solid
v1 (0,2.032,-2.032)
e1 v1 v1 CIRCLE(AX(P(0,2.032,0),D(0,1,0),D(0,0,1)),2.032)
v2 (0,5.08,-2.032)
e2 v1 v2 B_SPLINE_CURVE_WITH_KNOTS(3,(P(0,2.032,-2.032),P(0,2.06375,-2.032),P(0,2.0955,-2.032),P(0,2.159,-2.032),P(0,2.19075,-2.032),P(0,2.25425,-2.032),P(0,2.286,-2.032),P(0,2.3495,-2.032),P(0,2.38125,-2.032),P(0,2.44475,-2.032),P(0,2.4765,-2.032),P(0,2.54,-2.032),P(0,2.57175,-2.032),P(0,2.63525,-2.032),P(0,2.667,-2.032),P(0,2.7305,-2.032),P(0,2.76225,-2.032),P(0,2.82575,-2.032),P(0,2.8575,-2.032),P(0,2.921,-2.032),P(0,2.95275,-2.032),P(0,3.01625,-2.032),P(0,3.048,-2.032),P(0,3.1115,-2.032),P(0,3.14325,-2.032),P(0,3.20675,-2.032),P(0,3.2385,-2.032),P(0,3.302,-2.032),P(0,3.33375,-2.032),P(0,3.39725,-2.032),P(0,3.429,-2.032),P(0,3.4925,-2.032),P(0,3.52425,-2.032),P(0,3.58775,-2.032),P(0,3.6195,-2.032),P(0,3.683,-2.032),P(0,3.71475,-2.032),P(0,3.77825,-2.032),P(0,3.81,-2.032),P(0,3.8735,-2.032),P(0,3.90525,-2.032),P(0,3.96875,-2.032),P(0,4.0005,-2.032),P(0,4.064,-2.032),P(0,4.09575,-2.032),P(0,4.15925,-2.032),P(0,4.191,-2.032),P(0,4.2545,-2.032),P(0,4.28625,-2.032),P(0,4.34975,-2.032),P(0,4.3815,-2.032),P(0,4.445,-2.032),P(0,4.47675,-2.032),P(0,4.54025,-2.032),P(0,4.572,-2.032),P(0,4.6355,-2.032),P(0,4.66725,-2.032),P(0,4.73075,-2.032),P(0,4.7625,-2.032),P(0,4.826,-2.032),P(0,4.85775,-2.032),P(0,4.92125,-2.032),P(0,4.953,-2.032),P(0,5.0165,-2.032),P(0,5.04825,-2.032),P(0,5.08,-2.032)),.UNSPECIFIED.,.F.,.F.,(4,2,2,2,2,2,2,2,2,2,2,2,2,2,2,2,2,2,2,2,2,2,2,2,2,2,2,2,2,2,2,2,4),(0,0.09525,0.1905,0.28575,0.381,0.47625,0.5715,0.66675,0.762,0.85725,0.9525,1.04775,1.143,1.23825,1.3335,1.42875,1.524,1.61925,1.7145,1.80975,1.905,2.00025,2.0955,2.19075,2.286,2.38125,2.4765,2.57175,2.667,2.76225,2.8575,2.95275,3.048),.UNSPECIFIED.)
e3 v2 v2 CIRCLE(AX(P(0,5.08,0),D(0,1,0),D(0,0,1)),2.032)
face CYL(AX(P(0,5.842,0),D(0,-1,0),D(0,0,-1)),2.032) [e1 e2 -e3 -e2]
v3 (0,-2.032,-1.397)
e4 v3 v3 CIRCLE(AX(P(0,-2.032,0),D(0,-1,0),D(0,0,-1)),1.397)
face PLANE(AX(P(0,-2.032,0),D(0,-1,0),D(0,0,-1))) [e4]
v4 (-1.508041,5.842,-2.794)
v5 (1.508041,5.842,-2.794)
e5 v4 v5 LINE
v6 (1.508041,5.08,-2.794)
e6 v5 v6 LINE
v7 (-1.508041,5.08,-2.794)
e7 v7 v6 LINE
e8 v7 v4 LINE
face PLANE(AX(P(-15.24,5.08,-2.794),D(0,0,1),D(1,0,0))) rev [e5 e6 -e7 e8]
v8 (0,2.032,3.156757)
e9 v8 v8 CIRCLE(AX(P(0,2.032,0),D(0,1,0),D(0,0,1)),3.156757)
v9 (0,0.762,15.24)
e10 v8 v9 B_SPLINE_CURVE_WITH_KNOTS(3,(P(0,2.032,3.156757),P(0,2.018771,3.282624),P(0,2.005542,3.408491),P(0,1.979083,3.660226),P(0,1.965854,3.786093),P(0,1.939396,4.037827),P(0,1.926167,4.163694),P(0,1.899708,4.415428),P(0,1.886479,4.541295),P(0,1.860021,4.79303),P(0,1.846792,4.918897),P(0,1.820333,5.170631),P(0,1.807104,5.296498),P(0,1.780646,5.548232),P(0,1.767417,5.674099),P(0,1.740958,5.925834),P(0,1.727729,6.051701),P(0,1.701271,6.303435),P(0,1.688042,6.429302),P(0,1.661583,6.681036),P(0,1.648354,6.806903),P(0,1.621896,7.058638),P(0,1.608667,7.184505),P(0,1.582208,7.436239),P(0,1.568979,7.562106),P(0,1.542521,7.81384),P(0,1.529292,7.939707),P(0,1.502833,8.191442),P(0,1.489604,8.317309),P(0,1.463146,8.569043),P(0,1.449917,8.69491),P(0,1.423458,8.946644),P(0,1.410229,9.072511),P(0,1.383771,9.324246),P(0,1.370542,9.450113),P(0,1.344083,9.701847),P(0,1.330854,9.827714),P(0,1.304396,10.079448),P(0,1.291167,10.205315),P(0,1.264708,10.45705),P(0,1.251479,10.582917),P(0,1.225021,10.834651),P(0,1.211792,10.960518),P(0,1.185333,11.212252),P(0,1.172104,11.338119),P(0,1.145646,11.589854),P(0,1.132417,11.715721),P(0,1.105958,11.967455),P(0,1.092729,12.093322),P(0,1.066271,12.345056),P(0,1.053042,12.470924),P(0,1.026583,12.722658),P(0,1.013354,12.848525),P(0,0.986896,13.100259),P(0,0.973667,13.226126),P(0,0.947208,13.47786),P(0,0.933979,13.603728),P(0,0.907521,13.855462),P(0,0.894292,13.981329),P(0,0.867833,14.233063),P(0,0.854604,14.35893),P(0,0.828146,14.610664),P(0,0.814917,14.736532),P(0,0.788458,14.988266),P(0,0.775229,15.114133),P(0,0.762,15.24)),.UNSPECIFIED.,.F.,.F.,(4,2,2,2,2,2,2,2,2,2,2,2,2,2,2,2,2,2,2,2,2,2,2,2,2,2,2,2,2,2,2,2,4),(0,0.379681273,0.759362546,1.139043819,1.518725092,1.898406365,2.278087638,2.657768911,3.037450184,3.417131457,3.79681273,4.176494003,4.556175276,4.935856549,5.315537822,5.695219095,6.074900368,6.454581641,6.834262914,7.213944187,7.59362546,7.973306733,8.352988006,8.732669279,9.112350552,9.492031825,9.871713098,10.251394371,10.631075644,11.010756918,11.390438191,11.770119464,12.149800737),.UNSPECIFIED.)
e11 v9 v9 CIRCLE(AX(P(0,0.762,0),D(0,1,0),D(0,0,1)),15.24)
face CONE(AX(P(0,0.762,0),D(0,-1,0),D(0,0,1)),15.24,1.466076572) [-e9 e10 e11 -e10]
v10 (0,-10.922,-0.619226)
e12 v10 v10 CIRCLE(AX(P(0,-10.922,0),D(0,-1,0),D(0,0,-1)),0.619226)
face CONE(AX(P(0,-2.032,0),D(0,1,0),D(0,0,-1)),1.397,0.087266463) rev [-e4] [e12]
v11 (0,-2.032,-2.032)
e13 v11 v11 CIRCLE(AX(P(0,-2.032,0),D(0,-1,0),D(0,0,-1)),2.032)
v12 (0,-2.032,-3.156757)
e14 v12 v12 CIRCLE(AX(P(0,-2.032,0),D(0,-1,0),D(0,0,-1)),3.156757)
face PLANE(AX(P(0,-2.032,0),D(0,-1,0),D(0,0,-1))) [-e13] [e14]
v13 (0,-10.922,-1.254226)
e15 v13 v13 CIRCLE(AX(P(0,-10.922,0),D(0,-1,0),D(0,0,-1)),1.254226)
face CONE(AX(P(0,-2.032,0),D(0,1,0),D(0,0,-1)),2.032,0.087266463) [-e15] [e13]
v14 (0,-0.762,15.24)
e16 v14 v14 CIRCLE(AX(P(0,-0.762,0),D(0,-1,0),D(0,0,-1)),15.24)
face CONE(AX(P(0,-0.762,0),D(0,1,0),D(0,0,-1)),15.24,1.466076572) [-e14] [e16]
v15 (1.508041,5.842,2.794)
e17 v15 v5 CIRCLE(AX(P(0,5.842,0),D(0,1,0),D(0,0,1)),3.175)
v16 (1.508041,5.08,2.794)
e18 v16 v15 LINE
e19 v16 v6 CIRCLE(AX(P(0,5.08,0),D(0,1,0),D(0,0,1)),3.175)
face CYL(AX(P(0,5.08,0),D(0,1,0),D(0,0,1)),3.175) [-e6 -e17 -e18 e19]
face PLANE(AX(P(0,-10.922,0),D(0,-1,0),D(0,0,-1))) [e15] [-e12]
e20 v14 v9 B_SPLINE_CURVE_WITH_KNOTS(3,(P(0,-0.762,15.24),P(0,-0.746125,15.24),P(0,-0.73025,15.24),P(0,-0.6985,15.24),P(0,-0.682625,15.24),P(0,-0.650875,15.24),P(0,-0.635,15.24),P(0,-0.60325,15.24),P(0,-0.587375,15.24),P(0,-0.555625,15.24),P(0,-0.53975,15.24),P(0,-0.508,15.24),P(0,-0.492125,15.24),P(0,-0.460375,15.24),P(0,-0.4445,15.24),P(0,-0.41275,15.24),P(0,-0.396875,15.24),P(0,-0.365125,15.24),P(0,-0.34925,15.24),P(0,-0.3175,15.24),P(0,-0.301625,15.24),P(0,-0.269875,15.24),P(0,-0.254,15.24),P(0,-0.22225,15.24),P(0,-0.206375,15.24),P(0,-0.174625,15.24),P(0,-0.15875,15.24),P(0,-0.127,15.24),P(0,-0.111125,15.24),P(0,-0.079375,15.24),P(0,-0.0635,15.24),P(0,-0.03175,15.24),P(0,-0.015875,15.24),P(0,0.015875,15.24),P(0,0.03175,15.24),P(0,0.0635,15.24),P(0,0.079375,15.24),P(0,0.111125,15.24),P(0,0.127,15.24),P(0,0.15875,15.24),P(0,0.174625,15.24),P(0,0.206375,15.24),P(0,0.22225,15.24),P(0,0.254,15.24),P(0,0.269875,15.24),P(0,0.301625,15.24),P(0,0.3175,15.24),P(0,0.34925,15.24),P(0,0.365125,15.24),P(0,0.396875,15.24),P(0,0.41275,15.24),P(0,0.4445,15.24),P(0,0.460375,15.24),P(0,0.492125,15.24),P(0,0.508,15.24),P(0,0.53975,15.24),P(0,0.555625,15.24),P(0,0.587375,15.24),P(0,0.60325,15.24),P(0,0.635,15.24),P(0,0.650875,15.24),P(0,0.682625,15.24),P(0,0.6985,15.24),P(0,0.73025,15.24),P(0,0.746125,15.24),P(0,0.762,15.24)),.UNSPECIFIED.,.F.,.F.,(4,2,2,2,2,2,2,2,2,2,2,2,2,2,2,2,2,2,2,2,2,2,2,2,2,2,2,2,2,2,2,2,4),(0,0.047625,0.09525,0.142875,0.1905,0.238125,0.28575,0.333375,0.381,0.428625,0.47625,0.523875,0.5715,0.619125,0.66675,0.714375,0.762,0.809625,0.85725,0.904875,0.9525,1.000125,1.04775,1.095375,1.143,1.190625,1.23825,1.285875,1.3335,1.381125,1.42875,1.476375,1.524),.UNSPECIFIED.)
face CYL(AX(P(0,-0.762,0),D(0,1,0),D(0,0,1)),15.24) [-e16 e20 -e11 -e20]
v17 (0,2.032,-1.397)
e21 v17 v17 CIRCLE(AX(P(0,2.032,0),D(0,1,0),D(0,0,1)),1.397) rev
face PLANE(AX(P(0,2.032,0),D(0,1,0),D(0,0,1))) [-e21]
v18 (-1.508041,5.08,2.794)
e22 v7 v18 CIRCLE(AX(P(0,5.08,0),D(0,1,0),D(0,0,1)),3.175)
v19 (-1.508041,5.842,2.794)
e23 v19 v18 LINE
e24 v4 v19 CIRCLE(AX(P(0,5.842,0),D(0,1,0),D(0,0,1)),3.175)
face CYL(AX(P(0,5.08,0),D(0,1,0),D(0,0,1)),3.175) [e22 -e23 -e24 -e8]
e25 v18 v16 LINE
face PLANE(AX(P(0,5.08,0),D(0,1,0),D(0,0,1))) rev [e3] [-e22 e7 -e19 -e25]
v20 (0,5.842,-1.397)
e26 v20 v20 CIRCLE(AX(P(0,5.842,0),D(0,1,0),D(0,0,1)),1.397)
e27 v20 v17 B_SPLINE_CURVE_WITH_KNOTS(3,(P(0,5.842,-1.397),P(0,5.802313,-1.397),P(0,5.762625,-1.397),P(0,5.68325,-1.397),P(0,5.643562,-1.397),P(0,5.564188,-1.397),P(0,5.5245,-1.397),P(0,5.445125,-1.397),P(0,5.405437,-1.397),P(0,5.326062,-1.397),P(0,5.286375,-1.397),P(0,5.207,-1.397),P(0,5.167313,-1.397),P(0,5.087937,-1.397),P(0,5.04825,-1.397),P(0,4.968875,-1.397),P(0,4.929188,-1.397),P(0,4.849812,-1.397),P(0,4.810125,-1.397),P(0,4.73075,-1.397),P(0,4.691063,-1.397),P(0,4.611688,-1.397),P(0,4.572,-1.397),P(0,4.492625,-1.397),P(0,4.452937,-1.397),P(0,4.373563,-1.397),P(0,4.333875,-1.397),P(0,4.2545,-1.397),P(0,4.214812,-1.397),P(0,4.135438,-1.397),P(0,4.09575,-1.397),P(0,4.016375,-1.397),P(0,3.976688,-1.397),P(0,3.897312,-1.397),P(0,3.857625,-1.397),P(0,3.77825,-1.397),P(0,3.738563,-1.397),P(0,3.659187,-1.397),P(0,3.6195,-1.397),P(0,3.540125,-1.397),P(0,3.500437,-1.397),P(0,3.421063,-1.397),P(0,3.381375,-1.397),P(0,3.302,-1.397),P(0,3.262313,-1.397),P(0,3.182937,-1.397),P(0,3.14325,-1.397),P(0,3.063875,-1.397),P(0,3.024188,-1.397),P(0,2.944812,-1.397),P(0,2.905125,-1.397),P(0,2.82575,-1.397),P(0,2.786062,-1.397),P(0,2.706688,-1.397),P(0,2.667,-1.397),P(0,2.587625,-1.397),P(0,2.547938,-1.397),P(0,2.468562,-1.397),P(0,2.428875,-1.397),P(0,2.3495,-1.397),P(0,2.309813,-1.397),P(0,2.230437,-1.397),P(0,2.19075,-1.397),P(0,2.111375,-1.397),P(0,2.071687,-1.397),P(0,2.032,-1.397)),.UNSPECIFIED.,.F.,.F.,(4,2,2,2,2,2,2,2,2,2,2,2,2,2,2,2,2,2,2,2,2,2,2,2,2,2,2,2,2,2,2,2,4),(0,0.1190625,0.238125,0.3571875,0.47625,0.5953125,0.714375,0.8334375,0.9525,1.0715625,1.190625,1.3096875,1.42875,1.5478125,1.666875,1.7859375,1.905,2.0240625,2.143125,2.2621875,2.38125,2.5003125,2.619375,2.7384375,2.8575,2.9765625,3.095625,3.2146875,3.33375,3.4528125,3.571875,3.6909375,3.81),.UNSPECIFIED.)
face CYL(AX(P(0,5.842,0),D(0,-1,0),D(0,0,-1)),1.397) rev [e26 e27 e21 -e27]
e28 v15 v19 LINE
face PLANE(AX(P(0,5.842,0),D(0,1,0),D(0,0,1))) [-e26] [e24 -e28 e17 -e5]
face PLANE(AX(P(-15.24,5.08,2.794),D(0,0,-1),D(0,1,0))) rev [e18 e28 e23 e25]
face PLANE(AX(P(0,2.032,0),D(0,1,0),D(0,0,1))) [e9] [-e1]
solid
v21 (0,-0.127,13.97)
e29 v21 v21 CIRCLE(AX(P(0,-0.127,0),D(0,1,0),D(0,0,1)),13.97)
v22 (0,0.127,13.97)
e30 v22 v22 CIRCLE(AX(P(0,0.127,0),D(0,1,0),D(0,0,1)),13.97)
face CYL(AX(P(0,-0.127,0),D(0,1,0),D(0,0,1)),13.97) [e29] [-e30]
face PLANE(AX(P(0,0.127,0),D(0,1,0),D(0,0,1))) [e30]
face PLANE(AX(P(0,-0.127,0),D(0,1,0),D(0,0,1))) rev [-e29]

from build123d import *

# Parameters (mm, degrees)
BOSS_EXTRUDE1_DEPTH      = 0.762
BOSS_EXTRUDE1_DEPTH_BACK = 0.762
SKETCH1_R                = 15.24
BOSS_EXTRUDE2_DEPTH      = 0.127
BOSS_EXTRUDE2_DEPTH_BACK = 0.127
SKETCH2_R                = 13.97
SKETCH3_R                = 15.24
BOSS_EXTRUDE3_DEPTH      = 1.27
BOSS_EXTRUDE3_TAPER      = 84
SKETCH4_R                = 15.24
BOSS_EXTRUDE4_DEPTH      = 1.27
BOSS_EXTRUDE4_TAPER      = 84
SKETCH5_R                = 2.032
SKETCH5_R_2              = 1.397
BOSS_EXTRUDE5_DEPTH      = 3.81
BOSS_EXTRUDE6_START      = -0.762
SKETCH6_R                = 3.175
SKETCH6_R_2              = 2.032
BOSS_EXTRUDE6_DEPTH      = 0.762
CUT_EXTRUDE1_DEPTH       = 23.330341916
CUT_EXTRUDE1_DEPTH_BACK  = 23.330341916
SKETCH7_W                = 0.381
SKETCH7_H                = 0.762
SKETCH8_R                = 2.032
BOSS_EXTRUDE7_DEPTH      = 8.89
BOSS_EXTRUDE7_TAPER      = 5
SKETCH8_3_R              = 1.397
CUT_EXTRUDE2_DEPTH       = 8.89
CUT_EXTRUDE2_TAPER       = 5


with BuildPart() as part:
    # Sketch1 → Boss-Extrude1 (new, two sides: drawn at the far end of the back side and taken through both)
    with BuildSketch(Plane(origin=(0, 0, 0), x_dir=(1, 0, 0), z_dir=(0, 1, 0)).offset(-BOSS_EXTRUDE1_DEPTH_BACK)):
        Circle(SKETCH1_R)
    extrude(amount=BOSS_EXTRUDE1_DEPTH + BOSS_EXTRUDE1_DEPTH_BACK)

    # Sketch3 → Boss-Extrude3 (add)
    with BuildSketch(Plane(origin=(0, 0.762, 0), x_dir=(1, 0, 0), z_dir=(0, 1, 0))):
        Circle(SKETCH3_R)
    extrude(amount=BOSS_EXTRUDE3_DEPTH, taper=BOSS_EXTRUDE3_TAPER)

    # Sketch4 → Boss-Extrude4 (add)
    with BuildSketch(Plane.XZ.offset(0.762)):
        Circle(SKETCH4_R)
    extrude(amount=BOSS_EXTRUDE4_DEPTH, taper=BOSS_EXTRUDE4_TAPER)

    # Sketch5 → Boss-Extrude5 (add)
    with BuildSketch(Plane(origin=(0, 2.032, 0), x_dir=(1, 0, 0), z_dir=(0, 1, 0))):
        Circle(SKETCH5_R)
        Circle(SKETCH5_R_2, mode=Mode.SUBTRACT)
    extrude(amount=BOSS_EXTRUDE5_DEPTH)

    # Sketch6 → Boss-Extrude6 (add)
    with BuildSketch(Plane(origin=(0, 5.842, 0), x_dir=(1, 0, 0), z_dir=(0, 1, 0)).offset(BOSS_EXTRUDE6_START)):
        Circle(SKETCH6_R)
        Circle(SKETCH6_R_2, mode=Mode.SUBTRACT)
    extrude(amount=BOSS_EXTRUDE6_DEPTH)

    # Sketch7 → Cut-Extrude1 (cut, two sides: drawn at the far end of the back side and taken through both)
    with BuildSketch(Plane(origin=(0, 0, 0), x_dir=(0, 0, -1), z_dir=(1, 0, 0)).offset(-CUT_EXTRUDE1_DEPTH_BACK)):
        with Locations((-2.9845, 5.461)):
            Rectangle(SKETCH7_W, SKETCH7_H)
        with Locations((2.9845, 5.461)):
            Rectangle(SKETCH7_W, SKETCH7_H)
    extrude(amount=CUT_EXTRUDE1_DEPTH + CUT_EXTRUDE1_DEPTH_BACK, mode=Mode.SUBTRACT)

    # Sketch8 → Boss-Extrude7 (add)
    with BuildSketch(Plane.XZ.offset(2.032)):
        Circle(SKETCH8_R)
    extrude(amount=BOSS_EXTRUDE7_DEPTH, taper=BOSS_EXTRUDE7_TAPER)

    # Sketch8<3> → Cut-Extrude2 (cut)
    with BuildSketch(Plane.XZ.offset(2.032)):
        Circle(SKETCH8_3_R)
    extrude(amount=CUT_EXTRUDE2_DEPTH, taper=CUT_EXTRUDE2_TAPER, mode=Mode.SUBTRACT)


with BuildPart() as body_2:
    # Sketch2 → Boss-Extrude2 (new, two sides: drawn at the far end of the back side and taken through both)
    with BuildSketch(Plane(origin=(0, 0, 0), x_dir=(1, 0, 0), z_dir=(0, 1, 0)).offset(-BOSS_EXTRUDE2_DEPTH_BACK)):
        Circle(SKETCH2_R)
    extrude(amount=BOSS_EXTRUDE2_DEPTH + BOSS_EXTRUDE2_DEPTH_BACK)


solid = Compound([part.part, body_2.part])
